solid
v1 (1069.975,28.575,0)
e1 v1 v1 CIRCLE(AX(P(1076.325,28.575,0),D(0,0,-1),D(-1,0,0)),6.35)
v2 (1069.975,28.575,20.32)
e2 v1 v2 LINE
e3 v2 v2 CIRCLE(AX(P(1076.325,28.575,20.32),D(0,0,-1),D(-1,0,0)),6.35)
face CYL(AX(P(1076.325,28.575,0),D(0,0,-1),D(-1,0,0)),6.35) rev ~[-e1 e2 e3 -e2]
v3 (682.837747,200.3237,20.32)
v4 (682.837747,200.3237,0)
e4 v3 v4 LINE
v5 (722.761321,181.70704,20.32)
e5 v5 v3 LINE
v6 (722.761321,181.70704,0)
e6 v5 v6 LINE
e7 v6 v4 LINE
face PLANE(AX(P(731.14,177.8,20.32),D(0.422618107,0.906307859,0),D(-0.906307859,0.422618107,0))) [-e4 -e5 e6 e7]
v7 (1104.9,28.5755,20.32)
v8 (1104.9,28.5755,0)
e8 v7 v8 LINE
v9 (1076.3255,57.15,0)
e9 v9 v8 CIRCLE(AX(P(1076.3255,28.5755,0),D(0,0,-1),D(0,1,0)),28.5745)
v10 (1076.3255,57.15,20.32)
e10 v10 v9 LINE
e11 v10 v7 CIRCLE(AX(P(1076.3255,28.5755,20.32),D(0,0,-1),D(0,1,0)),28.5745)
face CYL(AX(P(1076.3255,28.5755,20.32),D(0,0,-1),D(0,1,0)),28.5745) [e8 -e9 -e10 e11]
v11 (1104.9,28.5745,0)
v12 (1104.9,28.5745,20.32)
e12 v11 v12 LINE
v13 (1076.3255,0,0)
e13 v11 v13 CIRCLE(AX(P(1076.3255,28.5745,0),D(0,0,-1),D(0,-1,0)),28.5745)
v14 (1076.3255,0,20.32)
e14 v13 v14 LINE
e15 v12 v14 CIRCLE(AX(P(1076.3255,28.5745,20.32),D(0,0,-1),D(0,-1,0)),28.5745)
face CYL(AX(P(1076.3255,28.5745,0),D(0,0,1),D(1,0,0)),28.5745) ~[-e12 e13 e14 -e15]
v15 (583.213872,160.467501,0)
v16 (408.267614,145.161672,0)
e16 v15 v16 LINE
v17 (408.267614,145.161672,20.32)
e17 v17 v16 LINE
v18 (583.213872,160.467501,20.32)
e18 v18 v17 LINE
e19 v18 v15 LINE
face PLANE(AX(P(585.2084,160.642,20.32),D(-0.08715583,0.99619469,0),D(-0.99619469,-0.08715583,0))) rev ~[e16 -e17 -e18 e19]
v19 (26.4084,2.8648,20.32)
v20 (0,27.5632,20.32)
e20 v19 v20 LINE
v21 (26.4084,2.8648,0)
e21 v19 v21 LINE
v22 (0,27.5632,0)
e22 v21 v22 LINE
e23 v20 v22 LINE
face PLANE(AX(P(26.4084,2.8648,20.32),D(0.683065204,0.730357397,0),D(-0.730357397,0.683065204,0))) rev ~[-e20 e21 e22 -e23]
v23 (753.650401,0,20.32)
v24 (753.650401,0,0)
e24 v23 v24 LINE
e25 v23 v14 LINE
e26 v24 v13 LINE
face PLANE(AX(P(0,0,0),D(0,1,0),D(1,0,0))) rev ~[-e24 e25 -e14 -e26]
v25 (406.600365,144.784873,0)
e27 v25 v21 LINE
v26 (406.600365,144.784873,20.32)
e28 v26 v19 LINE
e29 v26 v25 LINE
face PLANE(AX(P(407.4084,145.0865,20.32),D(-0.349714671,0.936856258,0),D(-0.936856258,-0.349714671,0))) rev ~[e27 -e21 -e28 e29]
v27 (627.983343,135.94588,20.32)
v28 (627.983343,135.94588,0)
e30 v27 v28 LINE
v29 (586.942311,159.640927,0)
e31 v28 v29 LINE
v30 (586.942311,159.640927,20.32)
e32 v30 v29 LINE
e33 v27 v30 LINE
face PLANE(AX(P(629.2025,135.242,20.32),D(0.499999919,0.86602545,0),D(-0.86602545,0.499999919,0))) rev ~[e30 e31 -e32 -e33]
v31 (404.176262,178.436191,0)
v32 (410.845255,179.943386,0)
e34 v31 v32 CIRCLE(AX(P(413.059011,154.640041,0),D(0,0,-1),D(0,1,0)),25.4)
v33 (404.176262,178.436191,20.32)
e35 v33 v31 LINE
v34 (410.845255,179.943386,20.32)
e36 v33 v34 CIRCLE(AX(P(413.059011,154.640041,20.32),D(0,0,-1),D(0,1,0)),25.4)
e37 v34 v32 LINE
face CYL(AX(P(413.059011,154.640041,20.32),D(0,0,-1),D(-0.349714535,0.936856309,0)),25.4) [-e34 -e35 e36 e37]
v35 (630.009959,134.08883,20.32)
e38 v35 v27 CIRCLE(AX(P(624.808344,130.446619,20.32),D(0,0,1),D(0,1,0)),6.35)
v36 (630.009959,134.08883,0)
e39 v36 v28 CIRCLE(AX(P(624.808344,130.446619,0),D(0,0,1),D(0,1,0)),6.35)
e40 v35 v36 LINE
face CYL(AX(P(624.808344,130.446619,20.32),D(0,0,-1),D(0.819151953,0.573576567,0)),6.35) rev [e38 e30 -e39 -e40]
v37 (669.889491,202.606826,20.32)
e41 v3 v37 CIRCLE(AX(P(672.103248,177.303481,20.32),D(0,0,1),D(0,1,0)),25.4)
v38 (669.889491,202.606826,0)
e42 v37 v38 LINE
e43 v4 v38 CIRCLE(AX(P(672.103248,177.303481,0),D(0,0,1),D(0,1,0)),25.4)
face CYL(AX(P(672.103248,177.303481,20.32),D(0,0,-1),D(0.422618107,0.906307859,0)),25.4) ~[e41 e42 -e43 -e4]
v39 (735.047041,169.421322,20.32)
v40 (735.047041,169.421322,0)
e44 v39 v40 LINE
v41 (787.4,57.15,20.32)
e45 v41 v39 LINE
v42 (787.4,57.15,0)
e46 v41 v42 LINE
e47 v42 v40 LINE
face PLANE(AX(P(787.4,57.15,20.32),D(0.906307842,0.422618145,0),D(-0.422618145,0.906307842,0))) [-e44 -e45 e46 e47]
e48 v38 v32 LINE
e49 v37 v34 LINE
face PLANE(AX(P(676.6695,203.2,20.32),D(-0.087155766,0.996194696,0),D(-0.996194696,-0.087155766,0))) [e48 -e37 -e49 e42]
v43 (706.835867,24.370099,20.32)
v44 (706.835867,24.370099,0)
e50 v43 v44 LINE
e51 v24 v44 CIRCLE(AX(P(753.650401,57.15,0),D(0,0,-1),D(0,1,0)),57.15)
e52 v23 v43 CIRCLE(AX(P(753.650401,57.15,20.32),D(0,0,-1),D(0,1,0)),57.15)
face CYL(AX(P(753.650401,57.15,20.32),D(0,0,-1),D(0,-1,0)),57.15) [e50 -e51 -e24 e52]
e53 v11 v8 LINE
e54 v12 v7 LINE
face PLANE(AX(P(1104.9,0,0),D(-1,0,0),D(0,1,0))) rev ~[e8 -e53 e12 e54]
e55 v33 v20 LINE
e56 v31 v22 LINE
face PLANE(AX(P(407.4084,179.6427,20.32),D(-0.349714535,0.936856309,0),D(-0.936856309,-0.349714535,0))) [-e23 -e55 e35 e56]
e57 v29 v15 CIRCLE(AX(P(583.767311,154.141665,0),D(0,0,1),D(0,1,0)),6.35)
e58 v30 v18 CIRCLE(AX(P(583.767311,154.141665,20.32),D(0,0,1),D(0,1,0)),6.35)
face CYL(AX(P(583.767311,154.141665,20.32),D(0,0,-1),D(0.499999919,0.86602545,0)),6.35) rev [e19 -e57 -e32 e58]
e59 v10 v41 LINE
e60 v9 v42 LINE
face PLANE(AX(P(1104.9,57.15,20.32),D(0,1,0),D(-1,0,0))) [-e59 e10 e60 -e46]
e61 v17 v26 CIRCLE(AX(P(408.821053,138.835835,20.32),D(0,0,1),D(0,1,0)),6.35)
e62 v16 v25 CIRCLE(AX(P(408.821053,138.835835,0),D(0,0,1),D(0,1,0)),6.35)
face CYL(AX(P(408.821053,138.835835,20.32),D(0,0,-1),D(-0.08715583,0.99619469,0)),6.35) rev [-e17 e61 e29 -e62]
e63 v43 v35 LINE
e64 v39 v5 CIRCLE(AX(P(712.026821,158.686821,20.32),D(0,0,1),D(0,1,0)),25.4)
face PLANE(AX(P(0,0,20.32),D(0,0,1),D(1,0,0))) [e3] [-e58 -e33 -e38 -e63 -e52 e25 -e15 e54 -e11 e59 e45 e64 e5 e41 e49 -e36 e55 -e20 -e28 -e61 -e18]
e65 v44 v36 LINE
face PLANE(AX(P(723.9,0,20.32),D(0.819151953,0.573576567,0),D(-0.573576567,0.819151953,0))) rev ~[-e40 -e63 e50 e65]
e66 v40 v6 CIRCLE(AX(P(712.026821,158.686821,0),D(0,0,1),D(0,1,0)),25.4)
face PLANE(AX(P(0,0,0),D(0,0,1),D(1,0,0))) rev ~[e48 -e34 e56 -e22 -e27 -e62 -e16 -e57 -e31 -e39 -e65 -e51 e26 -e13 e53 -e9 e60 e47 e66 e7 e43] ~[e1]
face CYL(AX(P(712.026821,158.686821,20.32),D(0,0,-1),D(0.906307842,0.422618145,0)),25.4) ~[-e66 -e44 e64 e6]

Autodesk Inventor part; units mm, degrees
ref_plane "YZ Plane" through (0, 0, 0) normal (1, 0, 0) x (0, 1, 0)
ref_plane "XZ Plane" through (0, 0, 0) normal (0, 1, 0) x (-1, 0, 0)
ref_plane "XY Plane" through (0, 0, 0) normal (0, 0, 1) x (1, 0, 0)
sketch "Sketch1" plane through (0, 0, 0) normal (0, 0, 1) x (1, 0, 0)
  line L0 (0, 0) -> (1104.9, 0)
  line L1 (1104.9, 0) -> (1104.9, 203.2)
  line L2 (1104.9, 203.2) -> (0, 203.2)
  line L3 (0, 203.2) -> (0, 0)
  dimension "d0" = 1104.9
  dimension "d1" = 203.2
extrude "Extrusion1" add sketch "Sketch1" along normal blind 20.32
sketch "Sketch2" plane through (0, 0, 20.32) normal (0, 0, 1) x (1, 0, 0)
  line L0 (1104.9, 0) -> (1104.9, 203.2) projected
  line L1 (0, 0) -> (1104.9, 0) projected
  line L2 (1104.9, 57.15) -> (723.9, 57.15)
  line L3 (723.9, 57.15) -> (723.9, 0)
  line L4 (723.9, 0) -> (1104.9, 0)
  line L5 (1104.9, 0) -> (1104.9, 57.15)
  line L6 (723.9, 0) -> (629.2025, 135.242)
  line L7 (723.9, 0) -> (671.9967, -36.3431)
  line L8 (629.2025, 135.242) -> (585.2084, 160.642)
  line L9 (585.2084, 160.642) -> (407.4084, 145.0865)
  line L10 (787.4, 57.15) -> (731.14, 177.8)
  line L11 (731.14, 177.8) -> (676.6695, 203.2)
  line L12 (1104.9, 203.2) -> (0, 203.2) projected
  line L13 (676.6695, 203.2) -> (407.4084, 179.6427)
  line L14 (787.4, 57.15) -> (723.9, 57.15)
  line L15 (723.9, 57.15) -> (723.9, 0)
  line L16 (407.4084, 179.6427) -> (0, 27.5632)
  line L17 (407.4084, 145.0865) -> (26.4084, 2.8648)
  line L18 (0, 203.2) -> (0, 0) projected
  line L19 (26.4084, 2.8648) -> (0, 27.5632)
  line L20 (407.4084, 145.0865) -> (365.4136, 141.4124)
  dimension "d4" = 57.15
  dimension "d5" = 381
  dimension "d6" = 125
  dimension "d7" = 165.1
  dimension "d8" = 50.8
  dimension "d9" = 155
  dimension "d10" = 145
  dimension "d11" = 177.8
  dimension "d12" = 317.5
  dimension "d13" = 115
  dimension "d14" = 120.65
  dimension "d15" = 140
  dimension "d16" = 0
  dimension "d18" = 381
  dimension "d19" = 0
  dimension "d33" = 15.47
extrude "Extrusion2" cut sketch "Sketch2" against normal blind 20.32 contours L2 L10 L11 L12 L0 | L1 L18 L19 L17 L9 L8 L6 | L13 L16 L18 L12
fillet "Fillet1" radius 28.575 2 edges at (1104.9, 0, 10.16) (1104.9, 57.15, 10.16)
fillet "Fillet2" radius 57.15 1 edges at (723.9, 0, 10.16)
fillet "Fillet3" radius 6.35 3 edges at (629.2025, 135.242, 10.16) (585.2084, 160.642, 10.16) (407.4084, 145.0865, 10.16)
fillet "Fillet4" radius 25.4 3 edges at (676.6695, 203.2, 10.16) (731.14, 177.8, 10.16) (407.4084, 179.6427, 10.16)
sketch "Sketch3" plane through (0, 0, 0) normal (0, 0, -1) x (-1, 0, 0)
  circle A0 centre (-1076.325, 28.575) radius 6.35
  line L0 (-753.6504, 0) -> (-1076.325, 0) projected
  arc A1 (-1076.325, 57.15) -> (-1076.325, 0) centre (-1076.325, 28.575) ccw projected
  point P0 (0, 0)
  dimension "d26" = 12.7
  dimension "d29" = 0
  dimension "d30" = 0
extrude "Extrusion3" cut sketch "Sketch3" against normal blind 20.32
properties part number "Kermit Mount"
